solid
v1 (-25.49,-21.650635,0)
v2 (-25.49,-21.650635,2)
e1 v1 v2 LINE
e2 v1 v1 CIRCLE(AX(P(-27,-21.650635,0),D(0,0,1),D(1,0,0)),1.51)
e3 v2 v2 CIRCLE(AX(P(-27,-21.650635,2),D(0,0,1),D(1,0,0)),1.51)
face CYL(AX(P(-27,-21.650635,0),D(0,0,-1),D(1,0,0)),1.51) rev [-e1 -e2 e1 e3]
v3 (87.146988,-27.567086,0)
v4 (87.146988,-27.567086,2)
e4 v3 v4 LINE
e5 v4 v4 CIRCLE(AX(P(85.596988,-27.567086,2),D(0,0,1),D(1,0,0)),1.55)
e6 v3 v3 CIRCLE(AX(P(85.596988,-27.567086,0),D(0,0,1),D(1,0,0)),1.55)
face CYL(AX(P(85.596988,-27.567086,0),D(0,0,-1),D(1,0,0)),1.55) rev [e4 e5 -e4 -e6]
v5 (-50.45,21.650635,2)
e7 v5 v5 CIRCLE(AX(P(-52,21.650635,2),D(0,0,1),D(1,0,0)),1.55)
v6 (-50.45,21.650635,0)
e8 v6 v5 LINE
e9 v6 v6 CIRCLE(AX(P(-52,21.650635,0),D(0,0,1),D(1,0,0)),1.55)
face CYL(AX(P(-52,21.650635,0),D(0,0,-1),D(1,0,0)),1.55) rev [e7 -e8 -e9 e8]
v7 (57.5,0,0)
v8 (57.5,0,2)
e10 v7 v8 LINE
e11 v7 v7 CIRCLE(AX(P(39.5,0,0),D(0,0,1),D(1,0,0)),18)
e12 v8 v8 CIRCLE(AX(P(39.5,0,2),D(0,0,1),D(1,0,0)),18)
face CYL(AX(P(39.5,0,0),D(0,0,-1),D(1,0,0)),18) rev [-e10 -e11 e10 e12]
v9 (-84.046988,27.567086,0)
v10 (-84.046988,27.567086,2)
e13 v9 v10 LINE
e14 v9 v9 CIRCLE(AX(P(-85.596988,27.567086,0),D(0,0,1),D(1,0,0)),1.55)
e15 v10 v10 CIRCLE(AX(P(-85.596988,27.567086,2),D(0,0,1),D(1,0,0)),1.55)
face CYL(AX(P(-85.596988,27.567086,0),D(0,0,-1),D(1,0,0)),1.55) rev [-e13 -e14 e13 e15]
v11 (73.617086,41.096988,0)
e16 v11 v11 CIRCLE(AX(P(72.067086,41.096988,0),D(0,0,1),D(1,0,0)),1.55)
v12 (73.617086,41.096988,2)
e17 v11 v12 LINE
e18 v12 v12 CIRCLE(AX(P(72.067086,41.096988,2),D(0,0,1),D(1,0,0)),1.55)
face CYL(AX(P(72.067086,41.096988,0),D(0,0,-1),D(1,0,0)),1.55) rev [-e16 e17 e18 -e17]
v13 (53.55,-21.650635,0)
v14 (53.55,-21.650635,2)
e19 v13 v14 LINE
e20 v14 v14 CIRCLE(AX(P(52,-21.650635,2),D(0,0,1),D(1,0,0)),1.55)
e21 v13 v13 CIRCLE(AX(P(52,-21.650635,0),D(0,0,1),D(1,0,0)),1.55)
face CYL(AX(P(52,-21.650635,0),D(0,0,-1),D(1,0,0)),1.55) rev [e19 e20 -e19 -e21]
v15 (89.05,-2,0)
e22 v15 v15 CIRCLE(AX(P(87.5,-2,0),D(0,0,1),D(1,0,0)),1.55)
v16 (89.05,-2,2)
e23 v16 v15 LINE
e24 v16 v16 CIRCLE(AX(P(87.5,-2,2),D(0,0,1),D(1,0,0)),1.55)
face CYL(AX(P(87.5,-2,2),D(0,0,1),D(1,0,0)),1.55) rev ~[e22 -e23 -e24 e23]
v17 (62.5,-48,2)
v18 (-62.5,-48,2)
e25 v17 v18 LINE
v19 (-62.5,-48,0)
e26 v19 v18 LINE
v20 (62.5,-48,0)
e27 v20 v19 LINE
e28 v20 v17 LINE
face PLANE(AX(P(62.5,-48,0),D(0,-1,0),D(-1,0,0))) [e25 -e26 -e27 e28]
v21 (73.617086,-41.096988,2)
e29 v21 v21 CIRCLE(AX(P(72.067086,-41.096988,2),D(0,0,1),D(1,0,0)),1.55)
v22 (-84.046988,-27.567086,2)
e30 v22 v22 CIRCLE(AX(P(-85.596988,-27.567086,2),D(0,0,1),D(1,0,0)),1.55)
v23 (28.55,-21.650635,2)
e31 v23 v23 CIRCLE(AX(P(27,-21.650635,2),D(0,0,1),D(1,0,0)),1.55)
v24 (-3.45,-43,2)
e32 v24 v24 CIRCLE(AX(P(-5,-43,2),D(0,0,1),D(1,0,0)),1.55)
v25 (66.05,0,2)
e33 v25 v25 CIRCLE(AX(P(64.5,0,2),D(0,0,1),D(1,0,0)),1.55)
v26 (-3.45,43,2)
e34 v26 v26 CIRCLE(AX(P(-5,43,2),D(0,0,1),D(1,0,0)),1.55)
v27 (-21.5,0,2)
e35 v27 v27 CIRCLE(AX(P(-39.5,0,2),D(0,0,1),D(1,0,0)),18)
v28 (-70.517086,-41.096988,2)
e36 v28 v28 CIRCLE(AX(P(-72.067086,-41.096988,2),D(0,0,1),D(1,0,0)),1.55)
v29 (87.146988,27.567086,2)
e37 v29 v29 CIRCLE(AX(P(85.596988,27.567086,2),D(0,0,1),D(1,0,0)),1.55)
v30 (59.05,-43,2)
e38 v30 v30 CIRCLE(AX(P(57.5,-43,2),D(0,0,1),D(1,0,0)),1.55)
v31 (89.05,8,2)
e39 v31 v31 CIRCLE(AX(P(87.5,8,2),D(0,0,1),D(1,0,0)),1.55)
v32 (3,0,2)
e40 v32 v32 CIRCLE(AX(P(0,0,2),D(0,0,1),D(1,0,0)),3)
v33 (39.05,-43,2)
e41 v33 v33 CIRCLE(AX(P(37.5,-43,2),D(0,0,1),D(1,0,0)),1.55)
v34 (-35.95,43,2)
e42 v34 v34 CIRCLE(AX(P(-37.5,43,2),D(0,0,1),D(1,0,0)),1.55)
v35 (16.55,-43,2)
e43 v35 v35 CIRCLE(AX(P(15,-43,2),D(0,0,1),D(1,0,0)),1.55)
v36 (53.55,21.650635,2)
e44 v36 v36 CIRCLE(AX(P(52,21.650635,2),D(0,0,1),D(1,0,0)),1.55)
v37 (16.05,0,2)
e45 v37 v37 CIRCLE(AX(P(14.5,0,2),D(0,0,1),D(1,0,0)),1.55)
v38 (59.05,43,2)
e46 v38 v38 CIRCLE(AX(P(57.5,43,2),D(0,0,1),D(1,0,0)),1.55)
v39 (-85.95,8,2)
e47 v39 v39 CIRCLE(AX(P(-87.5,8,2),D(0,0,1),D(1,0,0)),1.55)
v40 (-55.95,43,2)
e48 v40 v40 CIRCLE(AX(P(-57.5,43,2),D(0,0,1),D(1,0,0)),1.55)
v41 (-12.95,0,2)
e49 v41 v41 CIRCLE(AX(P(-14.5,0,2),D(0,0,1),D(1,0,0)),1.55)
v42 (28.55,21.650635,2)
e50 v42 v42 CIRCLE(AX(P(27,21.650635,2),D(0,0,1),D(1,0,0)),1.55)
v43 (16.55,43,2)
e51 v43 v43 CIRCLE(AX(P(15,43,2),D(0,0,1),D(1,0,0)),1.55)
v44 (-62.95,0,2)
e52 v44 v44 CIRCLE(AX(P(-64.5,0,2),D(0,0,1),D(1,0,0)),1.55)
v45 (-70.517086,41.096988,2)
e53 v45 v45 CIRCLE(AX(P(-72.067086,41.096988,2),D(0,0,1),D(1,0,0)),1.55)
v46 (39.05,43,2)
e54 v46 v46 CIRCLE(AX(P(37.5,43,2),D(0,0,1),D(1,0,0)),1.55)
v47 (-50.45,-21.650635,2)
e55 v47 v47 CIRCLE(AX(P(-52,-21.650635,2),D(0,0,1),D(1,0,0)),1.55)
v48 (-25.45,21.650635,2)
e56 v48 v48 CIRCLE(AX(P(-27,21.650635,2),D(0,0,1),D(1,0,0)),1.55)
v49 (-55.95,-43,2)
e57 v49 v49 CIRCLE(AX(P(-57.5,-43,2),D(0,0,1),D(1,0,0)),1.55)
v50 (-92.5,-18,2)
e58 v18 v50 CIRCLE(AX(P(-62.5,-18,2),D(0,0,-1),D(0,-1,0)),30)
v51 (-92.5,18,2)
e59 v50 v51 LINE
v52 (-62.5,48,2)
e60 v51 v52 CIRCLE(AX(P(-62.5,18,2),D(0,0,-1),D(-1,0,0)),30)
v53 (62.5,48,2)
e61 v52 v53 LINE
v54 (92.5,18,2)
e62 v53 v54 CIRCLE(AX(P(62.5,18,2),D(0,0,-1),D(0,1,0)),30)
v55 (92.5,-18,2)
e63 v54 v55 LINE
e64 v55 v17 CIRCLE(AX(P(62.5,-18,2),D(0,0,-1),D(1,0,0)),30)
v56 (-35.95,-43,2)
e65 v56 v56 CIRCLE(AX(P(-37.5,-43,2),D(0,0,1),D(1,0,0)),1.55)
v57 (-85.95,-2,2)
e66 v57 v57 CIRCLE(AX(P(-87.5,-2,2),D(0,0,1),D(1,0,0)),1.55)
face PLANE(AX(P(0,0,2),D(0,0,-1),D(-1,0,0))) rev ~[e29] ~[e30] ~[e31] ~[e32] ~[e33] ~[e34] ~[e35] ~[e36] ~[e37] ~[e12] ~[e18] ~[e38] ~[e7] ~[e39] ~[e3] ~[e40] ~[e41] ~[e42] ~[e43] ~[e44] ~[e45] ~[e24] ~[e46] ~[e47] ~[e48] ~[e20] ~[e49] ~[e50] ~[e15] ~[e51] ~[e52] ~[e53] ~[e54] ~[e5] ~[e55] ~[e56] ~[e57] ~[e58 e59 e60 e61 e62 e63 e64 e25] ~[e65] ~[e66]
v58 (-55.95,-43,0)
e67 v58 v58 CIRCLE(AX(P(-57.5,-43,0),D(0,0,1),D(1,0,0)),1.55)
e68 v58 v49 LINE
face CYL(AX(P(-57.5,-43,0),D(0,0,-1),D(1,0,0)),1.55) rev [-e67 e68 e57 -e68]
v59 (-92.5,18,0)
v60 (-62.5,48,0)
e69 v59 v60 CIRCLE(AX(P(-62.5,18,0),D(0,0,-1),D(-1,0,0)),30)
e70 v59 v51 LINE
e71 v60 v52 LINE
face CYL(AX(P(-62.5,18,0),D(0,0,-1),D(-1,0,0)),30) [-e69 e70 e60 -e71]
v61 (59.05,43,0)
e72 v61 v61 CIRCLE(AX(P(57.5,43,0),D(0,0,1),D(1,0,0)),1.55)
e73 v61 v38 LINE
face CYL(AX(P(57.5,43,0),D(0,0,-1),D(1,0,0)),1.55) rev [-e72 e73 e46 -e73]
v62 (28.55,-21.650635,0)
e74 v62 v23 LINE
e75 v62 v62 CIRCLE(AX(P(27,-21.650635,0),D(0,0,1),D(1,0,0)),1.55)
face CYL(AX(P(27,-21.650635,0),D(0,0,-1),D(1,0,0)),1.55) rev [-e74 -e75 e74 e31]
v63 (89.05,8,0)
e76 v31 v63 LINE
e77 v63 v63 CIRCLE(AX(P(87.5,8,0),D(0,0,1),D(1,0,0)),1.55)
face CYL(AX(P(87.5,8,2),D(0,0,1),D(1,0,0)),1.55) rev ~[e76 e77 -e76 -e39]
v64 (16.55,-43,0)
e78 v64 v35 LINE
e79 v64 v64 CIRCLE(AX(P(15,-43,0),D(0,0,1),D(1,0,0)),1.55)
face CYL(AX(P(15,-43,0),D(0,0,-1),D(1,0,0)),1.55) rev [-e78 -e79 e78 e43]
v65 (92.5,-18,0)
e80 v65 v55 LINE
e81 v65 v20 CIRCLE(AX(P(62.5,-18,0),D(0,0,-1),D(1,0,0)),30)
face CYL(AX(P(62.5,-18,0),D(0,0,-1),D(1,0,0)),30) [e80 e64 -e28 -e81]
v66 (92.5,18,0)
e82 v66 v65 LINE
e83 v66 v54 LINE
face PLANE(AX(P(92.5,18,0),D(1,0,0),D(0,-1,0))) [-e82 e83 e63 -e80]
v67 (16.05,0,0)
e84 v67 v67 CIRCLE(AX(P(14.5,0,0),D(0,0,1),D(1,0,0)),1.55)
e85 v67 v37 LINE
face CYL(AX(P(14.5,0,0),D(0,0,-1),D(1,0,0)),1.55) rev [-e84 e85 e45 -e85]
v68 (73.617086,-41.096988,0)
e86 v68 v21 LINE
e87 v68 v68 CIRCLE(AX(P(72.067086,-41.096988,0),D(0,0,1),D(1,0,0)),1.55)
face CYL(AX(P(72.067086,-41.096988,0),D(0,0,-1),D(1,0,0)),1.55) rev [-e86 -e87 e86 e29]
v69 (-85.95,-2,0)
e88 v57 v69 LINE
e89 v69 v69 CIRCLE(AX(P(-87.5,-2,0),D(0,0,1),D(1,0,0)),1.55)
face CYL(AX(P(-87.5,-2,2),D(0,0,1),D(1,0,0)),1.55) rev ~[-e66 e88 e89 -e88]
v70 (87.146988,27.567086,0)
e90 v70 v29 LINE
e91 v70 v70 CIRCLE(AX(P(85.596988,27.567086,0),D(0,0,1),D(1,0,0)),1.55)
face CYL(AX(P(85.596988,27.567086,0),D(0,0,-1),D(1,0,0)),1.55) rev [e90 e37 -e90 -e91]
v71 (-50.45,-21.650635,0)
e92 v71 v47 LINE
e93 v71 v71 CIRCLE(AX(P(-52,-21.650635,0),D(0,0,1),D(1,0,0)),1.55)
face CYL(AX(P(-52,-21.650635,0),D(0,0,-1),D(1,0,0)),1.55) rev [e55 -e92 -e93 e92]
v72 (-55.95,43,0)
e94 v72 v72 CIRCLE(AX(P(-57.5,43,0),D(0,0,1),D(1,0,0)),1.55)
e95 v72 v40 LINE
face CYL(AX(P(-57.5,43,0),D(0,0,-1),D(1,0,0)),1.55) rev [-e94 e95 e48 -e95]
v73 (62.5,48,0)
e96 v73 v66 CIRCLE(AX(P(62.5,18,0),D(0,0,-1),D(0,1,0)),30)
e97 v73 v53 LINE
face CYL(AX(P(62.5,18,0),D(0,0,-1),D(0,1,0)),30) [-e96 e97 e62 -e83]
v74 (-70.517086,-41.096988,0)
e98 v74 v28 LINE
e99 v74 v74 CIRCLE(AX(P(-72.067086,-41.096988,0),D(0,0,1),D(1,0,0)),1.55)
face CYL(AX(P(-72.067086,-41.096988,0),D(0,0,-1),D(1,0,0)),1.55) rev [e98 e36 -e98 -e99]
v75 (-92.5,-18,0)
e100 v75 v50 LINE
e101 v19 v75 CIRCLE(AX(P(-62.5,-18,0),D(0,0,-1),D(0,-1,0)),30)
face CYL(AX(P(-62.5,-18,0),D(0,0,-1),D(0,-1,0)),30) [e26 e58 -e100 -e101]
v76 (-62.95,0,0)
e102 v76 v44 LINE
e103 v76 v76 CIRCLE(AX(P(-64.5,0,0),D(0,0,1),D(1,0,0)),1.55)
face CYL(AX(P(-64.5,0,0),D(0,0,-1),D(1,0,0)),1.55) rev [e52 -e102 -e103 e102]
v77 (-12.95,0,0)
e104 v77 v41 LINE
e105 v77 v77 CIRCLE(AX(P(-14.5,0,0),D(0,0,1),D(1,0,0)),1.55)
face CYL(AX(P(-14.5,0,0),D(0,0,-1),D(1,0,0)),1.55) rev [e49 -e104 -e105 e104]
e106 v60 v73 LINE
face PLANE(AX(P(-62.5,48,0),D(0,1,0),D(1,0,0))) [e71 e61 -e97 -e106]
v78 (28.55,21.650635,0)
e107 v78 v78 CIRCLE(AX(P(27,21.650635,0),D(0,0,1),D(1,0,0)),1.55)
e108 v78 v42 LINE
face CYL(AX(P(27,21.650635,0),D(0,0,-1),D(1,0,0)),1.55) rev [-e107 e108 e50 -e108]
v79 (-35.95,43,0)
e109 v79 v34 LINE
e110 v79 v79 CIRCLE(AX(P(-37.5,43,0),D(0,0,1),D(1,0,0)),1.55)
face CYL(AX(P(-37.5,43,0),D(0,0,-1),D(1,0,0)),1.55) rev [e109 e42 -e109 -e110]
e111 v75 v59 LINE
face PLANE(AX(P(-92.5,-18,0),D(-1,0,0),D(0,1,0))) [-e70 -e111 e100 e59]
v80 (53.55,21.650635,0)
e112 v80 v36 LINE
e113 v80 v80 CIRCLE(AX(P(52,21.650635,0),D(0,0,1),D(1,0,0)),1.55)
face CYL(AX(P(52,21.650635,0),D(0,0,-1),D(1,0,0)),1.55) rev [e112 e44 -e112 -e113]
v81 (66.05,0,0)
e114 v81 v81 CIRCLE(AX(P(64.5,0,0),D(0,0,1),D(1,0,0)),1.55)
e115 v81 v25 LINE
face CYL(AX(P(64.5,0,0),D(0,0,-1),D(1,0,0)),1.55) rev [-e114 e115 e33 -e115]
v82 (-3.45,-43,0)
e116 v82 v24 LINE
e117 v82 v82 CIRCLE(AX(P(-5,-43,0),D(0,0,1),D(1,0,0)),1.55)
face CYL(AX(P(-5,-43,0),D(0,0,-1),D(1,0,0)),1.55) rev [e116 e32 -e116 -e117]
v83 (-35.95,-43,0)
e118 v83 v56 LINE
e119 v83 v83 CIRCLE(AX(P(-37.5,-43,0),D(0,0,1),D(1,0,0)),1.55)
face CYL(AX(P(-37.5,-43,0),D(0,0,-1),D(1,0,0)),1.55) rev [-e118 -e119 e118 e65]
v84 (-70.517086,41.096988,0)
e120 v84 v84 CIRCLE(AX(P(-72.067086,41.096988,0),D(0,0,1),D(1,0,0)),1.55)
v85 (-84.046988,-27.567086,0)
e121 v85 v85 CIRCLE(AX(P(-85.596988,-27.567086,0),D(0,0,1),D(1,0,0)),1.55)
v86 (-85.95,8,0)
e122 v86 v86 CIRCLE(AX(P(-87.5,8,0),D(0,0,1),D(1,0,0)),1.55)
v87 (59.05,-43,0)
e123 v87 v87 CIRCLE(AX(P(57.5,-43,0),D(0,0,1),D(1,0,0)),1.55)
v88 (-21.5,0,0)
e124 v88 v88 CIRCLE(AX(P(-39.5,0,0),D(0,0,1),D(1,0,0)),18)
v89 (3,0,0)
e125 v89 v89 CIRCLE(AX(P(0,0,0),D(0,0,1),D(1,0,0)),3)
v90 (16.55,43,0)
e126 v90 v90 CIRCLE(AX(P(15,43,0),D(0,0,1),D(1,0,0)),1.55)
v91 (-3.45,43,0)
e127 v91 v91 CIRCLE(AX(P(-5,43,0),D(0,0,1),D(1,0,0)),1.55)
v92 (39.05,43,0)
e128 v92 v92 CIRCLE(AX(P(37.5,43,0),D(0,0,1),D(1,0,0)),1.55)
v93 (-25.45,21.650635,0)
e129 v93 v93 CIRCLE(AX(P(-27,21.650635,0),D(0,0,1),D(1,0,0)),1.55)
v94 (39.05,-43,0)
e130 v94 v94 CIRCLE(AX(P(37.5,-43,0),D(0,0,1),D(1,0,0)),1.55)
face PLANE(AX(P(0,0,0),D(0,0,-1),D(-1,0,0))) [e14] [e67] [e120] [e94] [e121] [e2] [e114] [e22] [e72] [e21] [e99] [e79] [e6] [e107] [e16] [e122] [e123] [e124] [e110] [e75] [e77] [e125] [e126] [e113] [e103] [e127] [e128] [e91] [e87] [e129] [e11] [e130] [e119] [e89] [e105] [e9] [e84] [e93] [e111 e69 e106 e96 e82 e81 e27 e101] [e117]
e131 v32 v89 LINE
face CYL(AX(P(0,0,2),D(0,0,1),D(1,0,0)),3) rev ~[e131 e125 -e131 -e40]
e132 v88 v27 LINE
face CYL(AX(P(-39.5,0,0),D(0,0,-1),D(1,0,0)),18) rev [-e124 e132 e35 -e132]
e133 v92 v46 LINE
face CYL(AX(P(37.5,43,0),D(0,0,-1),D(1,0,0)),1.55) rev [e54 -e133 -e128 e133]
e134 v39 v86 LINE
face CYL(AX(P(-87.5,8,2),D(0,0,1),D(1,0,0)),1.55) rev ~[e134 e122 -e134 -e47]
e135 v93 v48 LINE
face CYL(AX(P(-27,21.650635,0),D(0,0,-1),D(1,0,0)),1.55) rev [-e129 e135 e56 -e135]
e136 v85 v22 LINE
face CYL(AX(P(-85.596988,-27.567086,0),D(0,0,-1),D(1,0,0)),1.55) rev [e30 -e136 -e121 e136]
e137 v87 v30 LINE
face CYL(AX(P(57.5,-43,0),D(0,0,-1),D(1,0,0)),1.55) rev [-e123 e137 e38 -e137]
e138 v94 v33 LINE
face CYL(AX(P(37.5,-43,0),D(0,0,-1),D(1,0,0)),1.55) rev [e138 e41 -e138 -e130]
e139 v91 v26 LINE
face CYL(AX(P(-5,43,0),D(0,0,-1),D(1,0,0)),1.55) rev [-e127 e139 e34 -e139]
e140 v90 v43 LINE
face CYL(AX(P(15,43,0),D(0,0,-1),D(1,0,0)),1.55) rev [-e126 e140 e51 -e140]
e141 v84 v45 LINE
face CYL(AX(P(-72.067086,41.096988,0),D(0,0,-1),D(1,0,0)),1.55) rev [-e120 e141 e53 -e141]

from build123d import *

# Parameters (mm, degrees)
SKETCH_1_R          = 1.55
SKETCH_1_R_2        = 1.51
SKETCH_1_R_3        = 18
EXTRUDE_1_DEPTH     = 2
SKETCH_2_R          = 1.55
SKETCH_2_R_2        = 3
CUT_EXTRUDE_1_DEPTH = 10


with BuildPart() as part:
    # 草图1 → 凸台-拉伸1 (new body)
    with BuildSketch(Plane.XY):
        with BuildLine():
            Line((-62.5, 48), (62.5, 48))
            ThreePointArc((62.5, 48), (83.713203436, 39.213203436), (92.5, 18))
            Line((92.5, 18), (92.5, -18))
            ThreePointArc((92.5, -18), (83.713203436, -39.213203436), (62.5, -48))
            Line((62.5, -48), (-62.5, -48))
            ThreePointArc((-62.5, -48), (-83.713203436, -39.213203436), (-92.5, -18))
            Line((-92.5, -18), (-92.5, 18))
            ThreePointArc((-92.5, 18), (-83.713203436, 39.213203436), (-62.5, 48))
        make_face()
        with Locations((-64.5, 0)):
            Circle(SKETCH_1_R, mode=Mode.SUBTRACT)
        with Locations((-14.5, 0)):
            Circle(SKETCH_1_R, mode=Mode.SUBTRACT)
        with Locations((14.5, 0)):
            Circle(SKETCH_1_R, mode=Mode.SUBTRACT)
        with Locations((64.5, 0)):
            Circle(SKETCH_1_R, mode=Mode.SUBTRACT)
        with Locations((27, 21.650635095)):
            Circle(SKETCH_1_R, mode=Mode.SUBTRACT)
        with Locations((52, 21.650635095)):
            Circle(SKETCH_1_R, mode=Mode.SUBTRACT)
        with Locations((52, -21.650635095)):
            Circle(SKETCH_1_R, mode=Mode.SUBTRACT)
        with Locations((27, -21.650635095)):
            Circle(SKETCH_1_R, mode=Mode.SUBTRACT)
        with Locations((-52, -21.650635095)):
            Circle(SKETCH_1_R, mode=Mode.SUBTRACT)
        with Locations((-52, 21.650635095)):
            Circle(SKETCH_1_R, mode=Mode.SUBTRACT)
        with Locations((-27, -21.650635095)):
            Circle(SKETCH_1_R_2, mode=Mode.SUBTRACT)
        with Locations((-27, 21.650635095)):
            Circle(SKETCH_1_R, mode=Mode.SUBTRACT)
        with Locations((-39.5, 0)):
            Circle(SKETCH_1_R_3, mode=Mode.SUBTRACT)
        with Locations((39.5, 0)):
            Circle(SKETCH_1_R_3, mode=Mode.SUBTRACT)
        with Locations((57.5, -43)):
            Circle(SKETCH_1_R, mode=Mode.SUBTRACT)
        with Locations((37.5, -43)):
            Circle(SKETCH_1_R, mode=Mode.SUBTRACT)
        with Locations((-57.5, -43)):
            Circle(SKETCH_1_R, mode=Mode.SUBTRACT)
        with Locations((-37.5, -43)):
            Circle(SKETCH_1_R, mode=Mode.SUBTRACT)
        with Locations((-57.5, 43)):
            Circle(SKETCH_1_R, mode=Mode.SUBTRACT)
        with Locations((-37.5, 43)):
            Circle(SKETCH_1_R, mode=Mode.SUBTRACT)
        with Locations((37.5, 43)):
            Circle(SKETCH_1_R, mode=Mode.SUBTRACT)
        with Locations((57.5, 43)):
            Circle(SKETCH_1_R, mode=Mode.SUBTRACT)
        with Locations((15, -43)):
            Circle(SKETCH_1_R, mode=Mode.SUBTRACT)
        with Locations((-5, -43)):
            Circle(SKETCH_1_R, mode=Mode.SUBTRACT)
        with Locations((-5, 43)):
            Circle(SKETCH_1_R, mode=Mode.SUBTRACT)
        with Locations((15, 43)):
            Circle(SKETCH_1_R, mode=Mode.SUBTRACT)
        with Locations((85.596988313, 27.567085809)):
            Circle(SKETCH_1_R, mode=Mode.SUBTRACT)
        with Locations((72.067085809, 41.096988313)):
            Circle(SKETCH_1_R, mode=Mode.SUBTRACT)
        with Locations((72.067085809, -41.096988313)):
            Circle(SKETCH_1_R, mode=Mode.SUBTRACT)
        with Locations((85.596988313, -27.567085809)):
            Circle(SKETCH_1_R, mode=Mode.SUBTRACT)
        with Locations((-85.596988313, -27.567085809)):
            Circle(SKETCH_1_R, mode=Mode.SUBTRACT)
        with Locations((-72.067085809, -41.096988313)):
            Circle(SKETCH_1_R, mode=Mode.SUBTRACT)
        with Locations((-85.596988313, 27.567085809)):
            Circle(SKETCH_1_R, mode=Mode.SUBTRACT)
        with Locations((-72.067085809, 41.096988313)):
            Circle(SKETCH_1_R, mode=Mode.SUBTRACT)
    extrude(amount=EXTRUDE_1_DEPTH)

    # 草图2 → 切除-拉伸1 (cut)
    with BuildSketch(Plane.XY.offset(2)):
        with Locations((87.5, 8)):
            Circle(SKETCH_2_R)
        with Locations((87.5, -2)):
            Circle(SKETCH_2_R)
        with Locations((-87.5, 8)):
            Circle(SKETCH_2_R)
        with Locations((-87.5, -2)):
            Circle(SKETCH_2_R)
        Circle(SKETCH_2_R_2)
    extrude(amount=-CUT_EXTRUDE_1_DEPTH, mode=Mode.SUBTRACT)


solid = part.part
